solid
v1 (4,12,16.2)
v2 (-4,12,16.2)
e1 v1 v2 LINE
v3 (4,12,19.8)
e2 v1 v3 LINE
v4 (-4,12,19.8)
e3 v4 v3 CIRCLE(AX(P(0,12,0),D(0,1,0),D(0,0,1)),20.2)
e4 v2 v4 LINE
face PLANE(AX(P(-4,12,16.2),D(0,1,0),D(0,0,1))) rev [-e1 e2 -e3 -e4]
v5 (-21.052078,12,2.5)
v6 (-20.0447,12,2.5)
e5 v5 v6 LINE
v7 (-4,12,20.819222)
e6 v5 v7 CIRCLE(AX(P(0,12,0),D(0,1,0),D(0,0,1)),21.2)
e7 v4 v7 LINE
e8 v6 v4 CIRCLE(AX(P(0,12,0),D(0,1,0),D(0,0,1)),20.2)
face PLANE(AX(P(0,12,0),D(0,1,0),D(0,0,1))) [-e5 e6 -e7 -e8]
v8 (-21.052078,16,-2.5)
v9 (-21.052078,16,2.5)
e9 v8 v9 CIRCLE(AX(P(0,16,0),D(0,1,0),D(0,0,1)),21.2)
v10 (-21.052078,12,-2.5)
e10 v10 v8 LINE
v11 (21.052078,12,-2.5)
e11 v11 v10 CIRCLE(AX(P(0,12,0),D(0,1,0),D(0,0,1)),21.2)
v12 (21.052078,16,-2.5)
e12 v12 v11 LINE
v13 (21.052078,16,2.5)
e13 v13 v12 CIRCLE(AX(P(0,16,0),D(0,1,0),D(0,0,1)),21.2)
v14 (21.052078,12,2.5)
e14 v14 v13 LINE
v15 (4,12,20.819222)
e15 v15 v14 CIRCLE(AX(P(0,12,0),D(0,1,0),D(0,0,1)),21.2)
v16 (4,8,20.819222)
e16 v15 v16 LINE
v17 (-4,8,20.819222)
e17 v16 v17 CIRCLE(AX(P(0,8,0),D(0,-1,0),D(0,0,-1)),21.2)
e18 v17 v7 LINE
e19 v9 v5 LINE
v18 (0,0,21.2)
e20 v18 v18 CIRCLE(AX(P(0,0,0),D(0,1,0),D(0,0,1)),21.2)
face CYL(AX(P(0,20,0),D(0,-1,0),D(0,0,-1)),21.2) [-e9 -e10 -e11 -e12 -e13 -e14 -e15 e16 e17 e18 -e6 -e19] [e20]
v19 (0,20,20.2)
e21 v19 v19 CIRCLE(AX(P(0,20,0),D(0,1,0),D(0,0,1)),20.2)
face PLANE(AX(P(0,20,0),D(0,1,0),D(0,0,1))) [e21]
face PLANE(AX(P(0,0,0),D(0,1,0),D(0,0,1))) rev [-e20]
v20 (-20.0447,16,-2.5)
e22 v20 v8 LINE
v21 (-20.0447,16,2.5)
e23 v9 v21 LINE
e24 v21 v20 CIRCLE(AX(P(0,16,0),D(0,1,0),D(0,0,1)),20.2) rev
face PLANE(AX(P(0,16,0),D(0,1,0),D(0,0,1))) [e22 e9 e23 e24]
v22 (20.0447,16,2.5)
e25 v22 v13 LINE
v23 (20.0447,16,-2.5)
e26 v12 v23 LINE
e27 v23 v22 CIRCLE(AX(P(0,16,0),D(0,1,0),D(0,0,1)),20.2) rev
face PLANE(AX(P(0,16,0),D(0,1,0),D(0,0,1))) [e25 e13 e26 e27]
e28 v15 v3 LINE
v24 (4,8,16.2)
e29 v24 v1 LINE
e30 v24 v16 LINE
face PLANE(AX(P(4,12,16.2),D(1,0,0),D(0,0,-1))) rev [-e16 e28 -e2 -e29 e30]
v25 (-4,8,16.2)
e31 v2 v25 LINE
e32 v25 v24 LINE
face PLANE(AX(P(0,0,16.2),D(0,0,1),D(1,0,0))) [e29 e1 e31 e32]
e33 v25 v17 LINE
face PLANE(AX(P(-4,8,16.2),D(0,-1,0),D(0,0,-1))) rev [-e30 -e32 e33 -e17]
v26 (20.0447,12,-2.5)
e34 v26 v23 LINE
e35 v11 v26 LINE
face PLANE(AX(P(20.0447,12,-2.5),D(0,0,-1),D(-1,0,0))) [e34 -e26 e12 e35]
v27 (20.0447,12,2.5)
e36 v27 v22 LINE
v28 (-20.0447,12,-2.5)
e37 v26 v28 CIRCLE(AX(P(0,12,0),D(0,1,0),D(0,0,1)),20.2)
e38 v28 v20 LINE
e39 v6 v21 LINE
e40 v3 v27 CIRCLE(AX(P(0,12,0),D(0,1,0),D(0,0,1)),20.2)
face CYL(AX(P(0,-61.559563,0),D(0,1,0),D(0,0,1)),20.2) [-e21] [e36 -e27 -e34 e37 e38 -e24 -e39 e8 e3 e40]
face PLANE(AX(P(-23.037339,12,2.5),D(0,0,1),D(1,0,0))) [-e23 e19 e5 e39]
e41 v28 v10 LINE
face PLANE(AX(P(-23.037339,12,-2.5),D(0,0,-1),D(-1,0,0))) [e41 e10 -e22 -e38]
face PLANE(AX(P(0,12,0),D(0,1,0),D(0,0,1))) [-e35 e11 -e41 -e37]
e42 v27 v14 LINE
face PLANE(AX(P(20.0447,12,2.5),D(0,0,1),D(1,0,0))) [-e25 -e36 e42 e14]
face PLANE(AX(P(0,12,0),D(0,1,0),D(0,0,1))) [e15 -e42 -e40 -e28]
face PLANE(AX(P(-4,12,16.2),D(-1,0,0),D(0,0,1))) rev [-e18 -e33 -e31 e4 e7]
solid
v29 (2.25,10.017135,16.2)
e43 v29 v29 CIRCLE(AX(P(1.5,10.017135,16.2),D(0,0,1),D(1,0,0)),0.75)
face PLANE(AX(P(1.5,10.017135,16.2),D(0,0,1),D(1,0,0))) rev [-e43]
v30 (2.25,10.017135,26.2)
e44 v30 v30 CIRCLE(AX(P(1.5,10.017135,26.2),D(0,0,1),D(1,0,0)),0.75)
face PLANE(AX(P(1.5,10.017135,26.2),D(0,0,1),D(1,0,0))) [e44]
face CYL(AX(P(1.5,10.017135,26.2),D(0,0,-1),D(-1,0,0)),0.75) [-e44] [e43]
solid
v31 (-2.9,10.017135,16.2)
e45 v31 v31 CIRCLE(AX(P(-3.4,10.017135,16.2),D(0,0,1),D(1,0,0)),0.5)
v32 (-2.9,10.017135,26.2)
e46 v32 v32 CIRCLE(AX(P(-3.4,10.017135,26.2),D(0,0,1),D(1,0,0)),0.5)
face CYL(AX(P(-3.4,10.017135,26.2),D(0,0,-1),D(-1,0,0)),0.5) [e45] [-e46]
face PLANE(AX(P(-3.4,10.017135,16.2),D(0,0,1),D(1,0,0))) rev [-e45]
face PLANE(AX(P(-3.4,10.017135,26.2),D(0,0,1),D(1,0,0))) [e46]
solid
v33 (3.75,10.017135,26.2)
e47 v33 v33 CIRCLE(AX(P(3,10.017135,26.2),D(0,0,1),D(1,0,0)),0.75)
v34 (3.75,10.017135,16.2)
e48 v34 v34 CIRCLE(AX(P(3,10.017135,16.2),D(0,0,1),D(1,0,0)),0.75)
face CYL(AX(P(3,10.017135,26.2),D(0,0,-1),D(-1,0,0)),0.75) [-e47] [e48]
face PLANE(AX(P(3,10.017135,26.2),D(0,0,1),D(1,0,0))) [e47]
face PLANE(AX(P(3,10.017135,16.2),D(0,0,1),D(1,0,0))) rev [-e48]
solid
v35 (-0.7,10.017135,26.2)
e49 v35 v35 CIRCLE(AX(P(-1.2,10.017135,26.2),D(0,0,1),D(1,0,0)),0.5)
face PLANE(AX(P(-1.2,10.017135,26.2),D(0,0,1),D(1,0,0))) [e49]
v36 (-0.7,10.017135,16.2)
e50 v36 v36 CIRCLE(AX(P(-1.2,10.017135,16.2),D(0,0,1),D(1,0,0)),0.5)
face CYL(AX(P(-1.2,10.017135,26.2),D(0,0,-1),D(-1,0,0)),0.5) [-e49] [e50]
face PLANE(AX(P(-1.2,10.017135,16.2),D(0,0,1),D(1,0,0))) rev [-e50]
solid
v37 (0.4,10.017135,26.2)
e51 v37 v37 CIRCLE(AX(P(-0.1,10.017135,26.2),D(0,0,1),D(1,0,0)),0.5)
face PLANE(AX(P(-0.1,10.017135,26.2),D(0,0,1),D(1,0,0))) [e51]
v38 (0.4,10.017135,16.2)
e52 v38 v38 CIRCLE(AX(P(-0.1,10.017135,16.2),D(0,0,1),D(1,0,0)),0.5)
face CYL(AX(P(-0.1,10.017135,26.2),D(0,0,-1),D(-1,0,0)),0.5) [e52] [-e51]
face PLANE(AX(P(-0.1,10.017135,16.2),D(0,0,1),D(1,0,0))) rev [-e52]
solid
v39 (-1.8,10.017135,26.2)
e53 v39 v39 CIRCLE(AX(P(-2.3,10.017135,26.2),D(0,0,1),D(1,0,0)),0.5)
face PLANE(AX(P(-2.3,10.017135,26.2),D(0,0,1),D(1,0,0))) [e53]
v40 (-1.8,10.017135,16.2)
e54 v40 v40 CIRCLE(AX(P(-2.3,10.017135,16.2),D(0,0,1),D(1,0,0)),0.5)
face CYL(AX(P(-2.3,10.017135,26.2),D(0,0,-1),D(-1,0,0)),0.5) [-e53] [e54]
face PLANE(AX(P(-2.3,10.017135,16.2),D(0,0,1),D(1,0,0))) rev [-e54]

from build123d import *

# Parameters (mm, degrees)
SKETCH1_R             = 21.2
BOSS_EXTRUDE1_DEPTH   = 20
SKETCH2_OUTSIDE_W     = 57.042
SKETCH2_OUTSIDE_H     = 57.042
SKETCH2_OUTSIDE_R     = 20.2
CUT_EXTRUDE1_DEPTH    = 4
SKETCH3_OUTSIDE_W     = 57.042
SKETCH3_OUTSIDE_H     = 57.042
CUT_EXTRUDE2_DEPTH    = 4
SKETCH4_W             = 8
SKETCH4_H             = 4
CUT_EXTRUDE3_DEPTH    = 5
SKETCH5_R             = 0.75
BOSS_EXTRUDE3_DEPTH   = 10
BOSS_EXTRUDE3_2_DEPTH = 10
SKETCH5_R_2           = 0.5
BOSS_EXTRUDE3_3_DEPTH = 10
BOSS_EXTRUDE3_4_DEPTH = 10
BOSS_EXTRUDE3_5_DEPTH = 10
BOSS_EXTRUDE3_6_DEPTH = 10


with BuildPart() as part:
    # Sketch1 → Boss-Extrude1 (new body)
    with BuildSketch(Plane(origin=(0, 0, 0), x_dir=(1, 0, 0), z_dir=(0, 1, 0))):
        Circle(SKETCH1_R)
    extrude(amount=BOSS_EXTRUDE1_DEPTH)

    # Sketch2 outside → Cut-Extrude1 (cut)
    with BuildSketch(Plane(origin=(0, 20, 0), x_dir=(1, 0, 0), z_dir=(0, 1, 0))):
        Rectangle(SKETCH2_OUTSIDE_W, SKETCH2_OUTSIDE_H)
        Circle(SKETCH2_OUTSIDE_R, mode=Mode.SUBTRACT)
    extrude(amount=-CUT_EXTRUDE1_DEPTH, mode=Mode.SUBTRACT)

    # Sketch3 outside → Cut-Extrude2 (cut)
    with BuildSketch(Plane(origin=(0, 16, 0), x_dir=(1, 0, 0), z_dir=(0, 1, 0))):
        Rectangle(SKETCH3_OUTSIDE_W, SKETCH3_OUTSIDE_H)
        with BuildLine():
            Line((20.044700048, 2.5), (23.037339055, 2.5))
            Line((23.037339055, 2.5), (23.037339055, -2.5))
            Line((23.037339055, -2.5), (20.044700048, -2.5))
            ThreePointArc((20.044700048, -2.5), (0, -20.2), (-20.044700048, -2.5))
            Line((-20.044700048, -2.5), (-23.037339055, -2.5))
            Line((-23.037339055, -2.5), (-23.037339055, 2.5))
            Line((-23.037339055, 2.5), (-20.044700048, 2.5))
            ThreePointArc((-20.044700048, 2.5), (0, 20.2), (20.044700048, 2.5))
        make_face(mode=Mode.SUBTRACT)
    extrude(amount=-CUT_EXTRUDE2_DEPTH, mode=Mode.SUBTRACT)

    # Sketch4 → Cut-Extrude3 (cut)
    with BuildSketch(Plane.XY.offset(21.2)):
        with Locations((0, 10)):
            Rectangle(SKETCH4_W, SKETCH4_H)
    extrude(amount=-CUT_EXTRUDE3_DEPTH, mode=Mode.SUBTRACT)


with BuildPart() as body_2:
    # Sketch5 → Boss-Extrude3 (new body)
    with BuildSketch(Plane.XY.offset(16.2)):
        with Locations((3, 10.017134532)):
            Circle(SKETCH5_R)
    extrude(amount=BOSS_EXTRUDE3_DEPTH)


with BuildPart() as body_3:
    # Sketch5 → Boss-Extrude3 2 (new body)
    with BuildSketch(Plane.XY.offset(16.2)):
        with Locations((1.5, 10.017134532)):
            Circle(SKETCH5_R)
    extrude(amount=BOSS_EXTRUDE3_2_DEPTH)


with BuildPart() as body_4:
    # Sketch5 → Boss-Extrude3 3 (new body)
    with BuildSketch(Plane.XY.offset(16.2)):
        with Locations((-3.4, 10.017134532)):
            Circle(SKETCH5_R_2)
    extrude(amount=BOSS_EXTRUDE3_3_DEPTH)


with BuildPart() as body_5:
    # Sketch5 → Boss-Extrude3 4 (new body)
    with BuildSketch(Plane.XY.offset(16.2)):
        with Locations((-2.3, 10.017134532)):
            Circle(SKETCH5_R_2)
    extrude(amount=BOSS_EXTRUDE3_4_DEPTH)


with BuildPart() as body_6:
    # Sketch5 → Boss-Extrude3 5 (new body)
    with BuildSketch(Plane.XY.offset(16.2)):
        with Locations((-1.2, 10.017134532)):
            Circle(SKETCH5_R_2)
    extrude(amount=BOSS_EXTRUDE3_5_DEPTH)


with BuildPart() as body_7:
    # Sketch5 → Boss-Extrude3 6 (new body)
    with BuildSketch(Plane.XY.offset(16.2)):
        with Locations((-0.1, 10.017134532)):
            Circle(SKETCH5_R_2)
    extrude(amount=BOSS_EXTRUDE3_6_DEPTH)


solid = Compound([part.part, body_2.part, body_3.part, body_4.part, body_5.part, body_6.part, body_7.part])
